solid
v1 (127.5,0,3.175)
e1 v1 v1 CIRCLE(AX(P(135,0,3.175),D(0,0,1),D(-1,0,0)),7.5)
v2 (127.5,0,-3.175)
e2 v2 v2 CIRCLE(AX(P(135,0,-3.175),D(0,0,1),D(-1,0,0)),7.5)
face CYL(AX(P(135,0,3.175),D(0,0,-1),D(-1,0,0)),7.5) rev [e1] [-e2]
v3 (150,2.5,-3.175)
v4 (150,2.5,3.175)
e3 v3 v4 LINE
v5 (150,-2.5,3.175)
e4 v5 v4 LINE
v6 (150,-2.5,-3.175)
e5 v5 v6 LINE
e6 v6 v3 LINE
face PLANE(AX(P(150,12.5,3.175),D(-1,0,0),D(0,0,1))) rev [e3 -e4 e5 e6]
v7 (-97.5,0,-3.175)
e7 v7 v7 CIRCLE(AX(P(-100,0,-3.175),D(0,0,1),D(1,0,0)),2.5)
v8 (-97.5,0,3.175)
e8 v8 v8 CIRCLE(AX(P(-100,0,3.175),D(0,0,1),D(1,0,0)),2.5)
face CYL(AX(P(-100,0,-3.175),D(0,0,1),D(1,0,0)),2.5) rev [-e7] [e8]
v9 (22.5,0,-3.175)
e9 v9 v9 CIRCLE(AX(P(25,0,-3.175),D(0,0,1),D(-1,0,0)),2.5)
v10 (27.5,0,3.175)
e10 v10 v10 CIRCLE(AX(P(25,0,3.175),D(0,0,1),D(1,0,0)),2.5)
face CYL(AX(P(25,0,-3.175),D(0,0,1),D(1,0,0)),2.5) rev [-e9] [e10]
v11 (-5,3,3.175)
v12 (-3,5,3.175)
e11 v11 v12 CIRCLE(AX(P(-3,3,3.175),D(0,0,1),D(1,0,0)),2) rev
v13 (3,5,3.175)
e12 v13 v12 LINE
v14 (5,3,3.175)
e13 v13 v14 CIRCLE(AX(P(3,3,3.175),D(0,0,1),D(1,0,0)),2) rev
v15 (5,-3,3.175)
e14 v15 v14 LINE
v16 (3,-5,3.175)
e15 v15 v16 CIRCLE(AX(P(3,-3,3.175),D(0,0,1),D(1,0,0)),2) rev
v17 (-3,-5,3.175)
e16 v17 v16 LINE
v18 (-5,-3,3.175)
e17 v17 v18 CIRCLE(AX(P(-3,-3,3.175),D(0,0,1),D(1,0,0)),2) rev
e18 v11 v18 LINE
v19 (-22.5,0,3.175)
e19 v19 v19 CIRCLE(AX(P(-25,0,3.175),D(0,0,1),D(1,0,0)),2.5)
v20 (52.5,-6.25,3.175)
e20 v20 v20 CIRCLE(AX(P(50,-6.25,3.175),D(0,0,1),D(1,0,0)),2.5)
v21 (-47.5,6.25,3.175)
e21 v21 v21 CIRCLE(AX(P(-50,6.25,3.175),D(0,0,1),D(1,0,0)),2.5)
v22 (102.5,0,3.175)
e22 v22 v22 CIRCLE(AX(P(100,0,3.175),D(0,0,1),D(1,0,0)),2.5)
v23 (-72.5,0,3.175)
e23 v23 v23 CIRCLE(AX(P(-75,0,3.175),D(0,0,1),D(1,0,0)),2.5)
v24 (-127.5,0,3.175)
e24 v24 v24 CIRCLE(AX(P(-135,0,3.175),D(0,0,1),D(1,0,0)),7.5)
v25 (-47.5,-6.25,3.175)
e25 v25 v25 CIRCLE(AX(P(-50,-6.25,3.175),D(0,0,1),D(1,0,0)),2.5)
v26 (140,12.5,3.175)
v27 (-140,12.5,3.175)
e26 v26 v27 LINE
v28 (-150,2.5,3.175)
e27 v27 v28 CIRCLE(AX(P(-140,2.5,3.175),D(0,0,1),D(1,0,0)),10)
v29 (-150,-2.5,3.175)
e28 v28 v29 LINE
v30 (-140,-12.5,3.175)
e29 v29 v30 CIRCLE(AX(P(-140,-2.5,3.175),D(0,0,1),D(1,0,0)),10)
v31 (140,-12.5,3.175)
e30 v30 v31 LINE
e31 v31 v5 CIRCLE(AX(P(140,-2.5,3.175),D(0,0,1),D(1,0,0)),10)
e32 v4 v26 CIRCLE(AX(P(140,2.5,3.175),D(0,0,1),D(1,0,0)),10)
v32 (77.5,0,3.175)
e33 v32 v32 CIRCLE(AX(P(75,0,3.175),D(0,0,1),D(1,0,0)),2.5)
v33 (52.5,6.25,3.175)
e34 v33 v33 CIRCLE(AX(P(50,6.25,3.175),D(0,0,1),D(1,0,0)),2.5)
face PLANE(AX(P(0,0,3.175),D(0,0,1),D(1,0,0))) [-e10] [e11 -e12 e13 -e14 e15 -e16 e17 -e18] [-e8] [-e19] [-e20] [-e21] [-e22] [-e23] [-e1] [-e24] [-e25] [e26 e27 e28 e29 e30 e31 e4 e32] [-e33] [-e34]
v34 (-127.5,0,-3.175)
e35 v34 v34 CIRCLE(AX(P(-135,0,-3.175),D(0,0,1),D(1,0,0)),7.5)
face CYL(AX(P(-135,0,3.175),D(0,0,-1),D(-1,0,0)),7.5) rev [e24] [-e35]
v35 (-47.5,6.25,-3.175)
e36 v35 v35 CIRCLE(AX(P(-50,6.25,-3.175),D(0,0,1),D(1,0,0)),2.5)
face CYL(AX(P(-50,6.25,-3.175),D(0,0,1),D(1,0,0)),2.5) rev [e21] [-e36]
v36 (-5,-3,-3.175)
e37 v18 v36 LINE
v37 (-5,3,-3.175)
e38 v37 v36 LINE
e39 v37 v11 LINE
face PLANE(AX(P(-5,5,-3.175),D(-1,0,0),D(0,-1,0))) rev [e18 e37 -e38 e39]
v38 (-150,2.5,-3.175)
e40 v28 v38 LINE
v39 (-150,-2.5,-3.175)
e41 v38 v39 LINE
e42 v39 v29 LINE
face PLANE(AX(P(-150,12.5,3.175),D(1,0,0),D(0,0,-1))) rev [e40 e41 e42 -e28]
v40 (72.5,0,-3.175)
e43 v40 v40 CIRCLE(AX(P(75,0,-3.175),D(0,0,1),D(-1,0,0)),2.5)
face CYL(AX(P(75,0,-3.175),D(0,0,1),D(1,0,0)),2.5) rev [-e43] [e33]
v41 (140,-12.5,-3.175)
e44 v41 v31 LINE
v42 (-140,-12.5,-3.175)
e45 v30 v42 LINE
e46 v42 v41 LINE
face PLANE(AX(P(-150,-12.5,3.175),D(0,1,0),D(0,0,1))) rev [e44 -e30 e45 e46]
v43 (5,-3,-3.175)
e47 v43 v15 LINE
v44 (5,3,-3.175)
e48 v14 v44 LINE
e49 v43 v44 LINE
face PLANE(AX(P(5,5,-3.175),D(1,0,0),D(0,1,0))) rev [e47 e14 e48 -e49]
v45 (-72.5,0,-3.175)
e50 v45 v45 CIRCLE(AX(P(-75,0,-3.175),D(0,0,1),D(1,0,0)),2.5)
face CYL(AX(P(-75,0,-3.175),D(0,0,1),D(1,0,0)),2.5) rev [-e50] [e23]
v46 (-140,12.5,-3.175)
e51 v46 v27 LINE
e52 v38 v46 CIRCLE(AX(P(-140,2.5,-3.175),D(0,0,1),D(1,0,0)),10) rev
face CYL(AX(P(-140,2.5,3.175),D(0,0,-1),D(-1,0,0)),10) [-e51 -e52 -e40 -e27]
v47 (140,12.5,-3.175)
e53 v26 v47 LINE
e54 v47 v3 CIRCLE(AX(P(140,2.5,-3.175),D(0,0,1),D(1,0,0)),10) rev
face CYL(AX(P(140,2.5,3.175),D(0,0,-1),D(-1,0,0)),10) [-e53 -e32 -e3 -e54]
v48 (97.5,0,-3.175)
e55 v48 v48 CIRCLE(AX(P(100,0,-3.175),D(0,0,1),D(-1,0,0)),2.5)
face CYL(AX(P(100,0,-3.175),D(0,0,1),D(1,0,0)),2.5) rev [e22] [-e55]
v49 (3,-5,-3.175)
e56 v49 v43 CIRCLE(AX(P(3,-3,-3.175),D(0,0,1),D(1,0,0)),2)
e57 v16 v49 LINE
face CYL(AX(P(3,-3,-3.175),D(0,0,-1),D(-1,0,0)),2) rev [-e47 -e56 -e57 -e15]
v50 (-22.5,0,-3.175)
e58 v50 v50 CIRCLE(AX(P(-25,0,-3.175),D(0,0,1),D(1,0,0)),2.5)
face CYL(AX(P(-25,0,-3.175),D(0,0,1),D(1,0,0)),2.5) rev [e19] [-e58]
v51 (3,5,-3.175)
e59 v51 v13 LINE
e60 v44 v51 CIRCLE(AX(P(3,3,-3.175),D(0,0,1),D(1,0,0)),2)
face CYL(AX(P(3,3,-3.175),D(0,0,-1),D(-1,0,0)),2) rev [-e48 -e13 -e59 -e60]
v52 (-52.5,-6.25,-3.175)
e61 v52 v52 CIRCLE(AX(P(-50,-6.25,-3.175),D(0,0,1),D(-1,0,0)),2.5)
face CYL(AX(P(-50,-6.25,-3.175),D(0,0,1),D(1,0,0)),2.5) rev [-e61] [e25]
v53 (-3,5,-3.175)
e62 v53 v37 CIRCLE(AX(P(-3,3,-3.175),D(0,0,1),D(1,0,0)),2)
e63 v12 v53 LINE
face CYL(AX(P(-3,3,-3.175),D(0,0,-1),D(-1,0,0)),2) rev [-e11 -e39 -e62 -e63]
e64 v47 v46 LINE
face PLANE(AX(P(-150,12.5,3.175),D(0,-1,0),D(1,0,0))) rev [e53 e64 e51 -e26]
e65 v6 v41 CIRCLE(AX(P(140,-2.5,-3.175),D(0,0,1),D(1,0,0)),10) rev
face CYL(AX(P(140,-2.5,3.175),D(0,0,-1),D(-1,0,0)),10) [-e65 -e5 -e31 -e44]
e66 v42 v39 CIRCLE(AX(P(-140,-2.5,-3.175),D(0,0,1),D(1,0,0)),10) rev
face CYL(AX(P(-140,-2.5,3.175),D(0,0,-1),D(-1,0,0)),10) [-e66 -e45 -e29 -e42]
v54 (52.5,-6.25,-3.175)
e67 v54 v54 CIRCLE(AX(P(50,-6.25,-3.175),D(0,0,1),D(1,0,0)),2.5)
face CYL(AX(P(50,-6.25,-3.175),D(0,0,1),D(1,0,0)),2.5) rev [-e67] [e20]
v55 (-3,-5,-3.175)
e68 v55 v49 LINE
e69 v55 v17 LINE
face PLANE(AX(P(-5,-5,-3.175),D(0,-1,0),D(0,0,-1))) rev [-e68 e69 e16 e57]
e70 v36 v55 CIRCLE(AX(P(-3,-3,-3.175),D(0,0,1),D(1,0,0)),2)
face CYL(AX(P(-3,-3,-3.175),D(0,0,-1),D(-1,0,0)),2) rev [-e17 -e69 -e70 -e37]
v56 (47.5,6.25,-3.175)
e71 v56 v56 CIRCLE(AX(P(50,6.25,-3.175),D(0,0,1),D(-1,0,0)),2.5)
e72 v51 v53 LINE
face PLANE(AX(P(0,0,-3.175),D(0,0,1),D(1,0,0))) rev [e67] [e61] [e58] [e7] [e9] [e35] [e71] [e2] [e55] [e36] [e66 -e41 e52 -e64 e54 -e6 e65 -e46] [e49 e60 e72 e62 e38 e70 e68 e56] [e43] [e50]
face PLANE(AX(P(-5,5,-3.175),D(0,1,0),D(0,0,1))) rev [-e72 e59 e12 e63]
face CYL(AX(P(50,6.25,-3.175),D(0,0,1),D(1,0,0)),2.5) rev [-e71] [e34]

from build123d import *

# Parameters (mm, degrees)
SKETCH1_W               = 300
SKETCH1_H               = 25
SKETCH1_R               = 7.5
BOSS_EXTRUDE1_DEPTH     = 3.175
FILLET1_R               = 10
CUT_EXTRUDE1_DEPTH      = 151.653816746
CUT_EXTRUDE1_DEPTH_BACK = 151.653816746
SKETCH2_R               = 2.5
SKETCH2_W               = 10
SKETCH2_H               = 10
FILLET2_R               = 2
CUT_EXTRUDE2_DEPTH      = 151.653816746
CUT_EXTRUDE2_DEPTH_BACK = 151.653816746
SKETCH3_R               = 2.5


with BuildPart() as part:
    # Sketch1 → Boss-Extrude1 (new, symmetric)
    with BuildSketch(Plane.XY):
        Rectangle(SKETCH1_W, SKETCH1_H)
        with Locations((-135, 0)):
            Circle(SKETCH1_R, mode=Mode.SUBTRACT)
        with Locations(Location((135, 0, 0), (0, 0, 180))):
            Circle(SKETCH1_R, mode=Mode.SUBTRACT)
    extrude(amount=BOSS_EXTRUDE1_DEPTH, both=True)

    # Fillet1
    fillet1_edges = [part.edges().sort_by_distance(p)[0] for p in [
        (150, -12.5, 0),
        (-150, -12.5, 0),
        (-150, 12.5, 0),
        (150, 12.5, 0),
    ]]
    fillet(fillet1_edges, radius=FILLET1_R)

    # Sketch2 → Cut-Extrude1 (cut, two sides: drawn at the far end of the back side and taken through both)
    with BuildSketch(Plane.XY.offset(3.175).offset(-CUT_EXTRUDE1_DEPTH_BACK)):
        with Locations((-25, 0)):
            Circle(SKETCH2_R)
        with Locations((-75, 0)):
            Circle(SKETCH2_R)
        with Locations((25, 0)):
            Circle(SKETCH2_R)
        with Locations((75, 0)):
            Circle(SKETCH2_R)
        Rectangle(SKETCH2_W, SKETCH2_H)
    extrude(amount=CUT_EXTRUDE1_DEPTH + CUT_EXTRUDE1_DEPTH_BACK, mode=Mode.SUBTRACT)

    # Fillet2
    fillet2_edges = [part.edges().sort_by_distance(p)[0] for p in [
        (5, 5, 0),
        (5, -5, 0),
        (-5, -5, 0),
        (-5, 5, 0),
    ]]
    fillet(fillet2_edges, radius=FILLET2_R)

    # Sketch3 → Cut-Extrude2 (cut, two sides: drawn at the far end of the back side and taken through both)
    with BuildSketch(Plane.XY.offset(3.175).offset(-CUT_EXTRUDE2_DEPTH_BACK)):
        with Locations((-50, 6.25)):
            Circle(SKETCH3_R)
        with Locations((-50, -6.25)):
            Circle(SKETCH3_R)
        with Locations((50, -6.25)):
            Circle(SKETCH3_R)
        with Locations((50, 6.25)):
            Circle(SKETCH3_R)
        with Locations((-100, 0)):
            Circle(SKETCH3_R)
        with Locations((100, 0)):
            Circle(SKETCH3_R)
    extrude(amount=CUT_EXTRUDE2_DEPTH + CUT_EXTRUDE2_DEPTH_BACK, mode=Mode.SUBTRACT)


solid = part.part
